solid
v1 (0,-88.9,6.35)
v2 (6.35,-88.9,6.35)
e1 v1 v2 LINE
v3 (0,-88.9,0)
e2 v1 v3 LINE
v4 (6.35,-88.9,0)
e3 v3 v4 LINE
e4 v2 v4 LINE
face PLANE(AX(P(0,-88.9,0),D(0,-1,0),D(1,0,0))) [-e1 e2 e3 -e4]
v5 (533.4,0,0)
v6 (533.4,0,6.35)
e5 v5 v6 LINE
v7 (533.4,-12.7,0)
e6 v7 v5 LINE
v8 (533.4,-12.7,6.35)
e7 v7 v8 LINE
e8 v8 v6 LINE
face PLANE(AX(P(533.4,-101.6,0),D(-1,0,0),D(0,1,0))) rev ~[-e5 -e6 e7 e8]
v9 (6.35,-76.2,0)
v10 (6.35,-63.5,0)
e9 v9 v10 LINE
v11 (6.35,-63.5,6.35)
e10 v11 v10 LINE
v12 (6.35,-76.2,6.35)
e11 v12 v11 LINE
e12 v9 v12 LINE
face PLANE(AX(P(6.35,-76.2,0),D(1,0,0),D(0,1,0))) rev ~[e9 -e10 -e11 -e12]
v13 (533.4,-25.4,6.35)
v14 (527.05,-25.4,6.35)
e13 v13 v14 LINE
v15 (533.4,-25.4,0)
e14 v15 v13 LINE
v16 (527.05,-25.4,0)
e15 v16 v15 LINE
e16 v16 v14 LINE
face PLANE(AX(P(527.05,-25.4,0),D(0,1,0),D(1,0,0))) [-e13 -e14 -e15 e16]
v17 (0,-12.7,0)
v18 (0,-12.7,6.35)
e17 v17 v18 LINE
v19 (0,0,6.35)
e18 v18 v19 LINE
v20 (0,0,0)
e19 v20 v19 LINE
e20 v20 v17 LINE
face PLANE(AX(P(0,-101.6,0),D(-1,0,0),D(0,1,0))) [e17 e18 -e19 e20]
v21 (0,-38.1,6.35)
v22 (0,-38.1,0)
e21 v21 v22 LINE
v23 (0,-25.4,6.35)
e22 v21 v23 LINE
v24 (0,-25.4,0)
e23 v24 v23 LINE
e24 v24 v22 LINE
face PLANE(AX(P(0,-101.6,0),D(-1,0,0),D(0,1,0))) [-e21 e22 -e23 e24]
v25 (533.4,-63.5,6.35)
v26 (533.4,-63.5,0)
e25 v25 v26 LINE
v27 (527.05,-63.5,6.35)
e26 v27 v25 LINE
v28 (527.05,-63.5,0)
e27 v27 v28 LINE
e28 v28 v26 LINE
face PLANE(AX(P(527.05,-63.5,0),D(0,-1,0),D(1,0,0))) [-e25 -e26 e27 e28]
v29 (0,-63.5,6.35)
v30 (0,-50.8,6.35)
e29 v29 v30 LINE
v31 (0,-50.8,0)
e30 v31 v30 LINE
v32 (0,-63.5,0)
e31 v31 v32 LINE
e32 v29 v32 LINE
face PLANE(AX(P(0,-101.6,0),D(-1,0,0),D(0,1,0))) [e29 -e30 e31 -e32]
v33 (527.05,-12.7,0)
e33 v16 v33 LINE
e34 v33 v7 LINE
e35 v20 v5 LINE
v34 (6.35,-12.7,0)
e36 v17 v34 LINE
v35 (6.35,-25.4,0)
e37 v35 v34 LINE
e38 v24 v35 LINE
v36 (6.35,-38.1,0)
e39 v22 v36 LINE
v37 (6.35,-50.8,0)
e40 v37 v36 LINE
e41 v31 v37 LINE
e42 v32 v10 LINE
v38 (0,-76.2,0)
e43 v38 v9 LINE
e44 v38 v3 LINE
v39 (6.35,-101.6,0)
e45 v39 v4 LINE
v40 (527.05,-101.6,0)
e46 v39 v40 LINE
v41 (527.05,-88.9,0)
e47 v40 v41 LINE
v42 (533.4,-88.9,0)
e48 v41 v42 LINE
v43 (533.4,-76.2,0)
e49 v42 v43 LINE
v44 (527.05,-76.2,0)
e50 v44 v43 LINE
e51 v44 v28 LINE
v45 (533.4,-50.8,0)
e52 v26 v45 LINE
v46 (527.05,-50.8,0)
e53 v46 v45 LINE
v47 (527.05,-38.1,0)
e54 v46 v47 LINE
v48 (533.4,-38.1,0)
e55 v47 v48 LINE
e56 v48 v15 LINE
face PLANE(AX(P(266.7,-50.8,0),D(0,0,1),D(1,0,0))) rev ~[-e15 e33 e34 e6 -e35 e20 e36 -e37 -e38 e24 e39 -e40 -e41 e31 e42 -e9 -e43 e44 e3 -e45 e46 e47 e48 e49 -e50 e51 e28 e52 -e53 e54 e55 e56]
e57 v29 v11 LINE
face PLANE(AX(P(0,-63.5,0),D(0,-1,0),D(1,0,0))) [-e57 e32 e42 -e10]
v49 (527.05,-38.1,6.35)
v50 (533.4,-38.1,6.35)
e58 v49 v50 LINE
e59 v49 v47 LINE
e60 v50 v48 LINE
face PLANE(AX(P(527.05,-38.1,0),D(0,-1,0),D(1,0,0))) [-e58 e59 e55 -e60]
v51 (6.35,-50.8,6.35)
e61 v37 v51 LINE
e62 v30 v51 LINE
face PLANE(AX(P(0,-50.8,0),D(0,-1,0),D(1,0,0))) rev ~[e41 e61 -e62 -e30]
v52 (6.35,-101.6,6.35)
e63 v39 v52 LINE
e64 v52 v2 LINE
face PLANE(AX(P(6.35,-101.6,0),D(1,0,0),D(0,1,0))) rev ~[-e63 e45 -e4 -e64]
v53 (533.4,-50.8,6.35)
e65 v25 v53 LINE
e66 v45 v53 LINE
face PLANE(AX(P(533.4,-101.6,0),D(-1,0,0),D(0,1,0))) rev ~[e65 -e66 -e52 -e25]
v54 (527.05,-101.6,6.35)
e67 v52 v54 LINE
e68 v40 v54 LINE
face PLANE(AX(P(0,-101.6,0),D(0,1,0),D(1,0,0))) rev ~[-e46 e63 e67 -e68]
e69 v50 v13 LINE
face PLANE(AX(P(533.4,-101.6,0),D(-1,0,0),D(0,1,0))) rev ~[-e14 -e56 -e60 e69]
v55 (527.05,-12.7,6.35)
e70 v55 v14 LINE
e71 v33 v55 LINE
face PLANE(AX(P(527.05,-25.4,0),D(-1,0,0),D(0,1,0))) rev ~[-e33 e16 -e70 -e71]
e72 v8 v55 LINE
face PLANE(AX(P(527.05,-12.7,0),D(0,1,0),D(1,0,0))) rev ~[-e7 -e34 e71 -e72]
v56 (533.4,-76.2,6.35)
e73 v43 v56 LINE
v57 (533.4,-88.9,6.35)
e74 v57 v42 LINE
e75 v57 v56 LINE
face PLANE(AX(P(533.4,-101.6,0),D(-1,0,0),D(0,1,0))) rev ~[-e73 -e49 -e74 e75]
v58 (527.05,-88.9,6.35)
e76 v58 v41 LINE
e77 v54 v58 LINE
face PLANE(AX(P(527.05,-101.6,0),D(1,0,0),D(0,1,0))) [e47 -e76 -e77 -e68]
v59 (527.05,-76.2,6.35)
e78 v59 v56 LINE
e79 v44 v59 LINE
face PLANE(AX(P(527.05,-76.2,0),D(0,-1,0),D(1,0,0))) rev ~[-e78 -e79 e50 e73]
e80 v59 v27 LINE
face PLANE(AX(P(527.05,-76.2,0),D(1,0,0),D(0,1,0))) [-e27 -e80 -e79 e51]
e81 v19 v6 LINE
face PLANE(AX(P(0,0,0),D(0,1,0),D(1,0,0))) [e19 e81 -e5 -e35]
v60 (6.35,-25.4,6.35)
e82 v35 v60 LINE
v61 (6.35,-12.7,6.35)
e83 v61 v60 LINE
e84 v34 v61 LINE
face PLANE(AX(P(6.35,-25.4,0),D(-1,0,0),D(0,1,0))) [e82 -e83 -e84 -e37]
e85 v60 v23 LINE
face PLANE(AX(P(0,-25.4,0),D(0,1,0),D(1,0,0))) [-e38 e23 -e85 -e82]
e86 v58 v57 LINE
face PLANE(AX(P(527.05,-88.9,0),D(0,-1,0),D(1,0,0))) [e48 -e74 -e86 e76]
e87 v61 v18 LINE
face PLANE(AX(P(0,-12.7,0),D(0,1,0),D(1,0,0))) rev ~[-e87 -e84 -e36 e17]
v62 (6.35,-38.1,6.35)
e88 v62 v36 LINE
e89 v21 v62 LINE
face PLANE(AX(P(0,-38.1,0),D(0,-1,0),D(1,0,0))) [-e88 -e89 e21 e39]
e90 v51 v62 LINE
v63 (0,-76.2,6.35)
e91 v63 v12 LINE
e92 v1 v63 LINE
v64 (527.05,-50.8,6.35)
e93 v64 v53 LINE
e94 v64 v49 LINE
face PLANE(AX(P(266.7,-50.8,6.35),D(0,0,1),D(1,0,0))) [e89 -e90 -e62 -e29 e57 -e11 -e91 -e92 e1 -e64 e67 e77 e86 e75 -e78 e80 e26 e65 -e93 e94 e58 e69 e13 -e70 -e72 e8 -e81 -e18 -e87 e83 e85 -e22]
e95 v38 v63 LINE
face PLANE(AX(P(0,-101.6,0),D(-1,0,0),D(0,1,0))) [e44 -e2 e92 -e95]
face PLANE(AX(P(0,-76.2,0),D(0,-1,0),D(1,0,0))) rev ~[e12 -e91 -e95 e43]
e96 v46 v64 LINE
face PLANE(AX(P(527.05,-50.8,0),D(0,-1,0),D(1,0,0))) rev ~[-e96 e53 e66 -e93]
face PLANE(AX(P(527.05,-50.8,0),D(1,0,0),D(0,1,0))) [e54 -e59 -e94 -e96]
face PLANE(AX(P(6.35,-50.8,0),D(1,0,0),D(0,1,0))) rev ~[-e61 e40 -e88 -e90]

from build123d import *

# Parameters (mm, degrees)
SKETCH_W               = 533.4
SKETCH_H               = 101.6
PAD_DEPTH              = 6.35
SKETCH010_W            = 6.35
SKETCH010_H            = 12.7
POCKET004_DEPTH        = 0.001
POCKET004_DEPTH_BACK   = 6.351
LINEARPATTERN005_COUNT = 6
LINEARPATTERN005_PITCH = 25.4


with BuildPart() as part:
    # Sketch → Pad (new body)
    with BuildSketch(Plane.XY):
        with Locations((266.7, -50.8)):
            Rectangle(SKETCH_W, SKETCH_H)
    extrude(amount=PAD_DEPTH)

    # Sketch010 → Pocket004 (cut, two sides)
    with BuildSketch(Plane.XY) as pocket004_sk:
        with Locations((3.175, -19.05)):
            Rectangle(SKETCH010_W, SKETCH010_H)
        with Locations((530.225, -19.05)):
            Rectangle(SKETCH010_W, SKETCH010_H)
    pocket004 = extrude(amount=-POCKET004_DEPTH, mode=Mode.SUBTRACT) + extrude(pocket004_sk.sketch, amount=POCKET004_DEPTH_BACK, mode=Mode.SUBTRACT)

    # LinearPattern005: Pocket004 ×6
    with Locations(*[(0, -i * LINEARPATTERN005_PITCH, 0) for i in range(1, LINEARPATTERN005_COUNT)]):
        add(pocket004, mode=Mode.SUBTRACT)


solid = part.part
